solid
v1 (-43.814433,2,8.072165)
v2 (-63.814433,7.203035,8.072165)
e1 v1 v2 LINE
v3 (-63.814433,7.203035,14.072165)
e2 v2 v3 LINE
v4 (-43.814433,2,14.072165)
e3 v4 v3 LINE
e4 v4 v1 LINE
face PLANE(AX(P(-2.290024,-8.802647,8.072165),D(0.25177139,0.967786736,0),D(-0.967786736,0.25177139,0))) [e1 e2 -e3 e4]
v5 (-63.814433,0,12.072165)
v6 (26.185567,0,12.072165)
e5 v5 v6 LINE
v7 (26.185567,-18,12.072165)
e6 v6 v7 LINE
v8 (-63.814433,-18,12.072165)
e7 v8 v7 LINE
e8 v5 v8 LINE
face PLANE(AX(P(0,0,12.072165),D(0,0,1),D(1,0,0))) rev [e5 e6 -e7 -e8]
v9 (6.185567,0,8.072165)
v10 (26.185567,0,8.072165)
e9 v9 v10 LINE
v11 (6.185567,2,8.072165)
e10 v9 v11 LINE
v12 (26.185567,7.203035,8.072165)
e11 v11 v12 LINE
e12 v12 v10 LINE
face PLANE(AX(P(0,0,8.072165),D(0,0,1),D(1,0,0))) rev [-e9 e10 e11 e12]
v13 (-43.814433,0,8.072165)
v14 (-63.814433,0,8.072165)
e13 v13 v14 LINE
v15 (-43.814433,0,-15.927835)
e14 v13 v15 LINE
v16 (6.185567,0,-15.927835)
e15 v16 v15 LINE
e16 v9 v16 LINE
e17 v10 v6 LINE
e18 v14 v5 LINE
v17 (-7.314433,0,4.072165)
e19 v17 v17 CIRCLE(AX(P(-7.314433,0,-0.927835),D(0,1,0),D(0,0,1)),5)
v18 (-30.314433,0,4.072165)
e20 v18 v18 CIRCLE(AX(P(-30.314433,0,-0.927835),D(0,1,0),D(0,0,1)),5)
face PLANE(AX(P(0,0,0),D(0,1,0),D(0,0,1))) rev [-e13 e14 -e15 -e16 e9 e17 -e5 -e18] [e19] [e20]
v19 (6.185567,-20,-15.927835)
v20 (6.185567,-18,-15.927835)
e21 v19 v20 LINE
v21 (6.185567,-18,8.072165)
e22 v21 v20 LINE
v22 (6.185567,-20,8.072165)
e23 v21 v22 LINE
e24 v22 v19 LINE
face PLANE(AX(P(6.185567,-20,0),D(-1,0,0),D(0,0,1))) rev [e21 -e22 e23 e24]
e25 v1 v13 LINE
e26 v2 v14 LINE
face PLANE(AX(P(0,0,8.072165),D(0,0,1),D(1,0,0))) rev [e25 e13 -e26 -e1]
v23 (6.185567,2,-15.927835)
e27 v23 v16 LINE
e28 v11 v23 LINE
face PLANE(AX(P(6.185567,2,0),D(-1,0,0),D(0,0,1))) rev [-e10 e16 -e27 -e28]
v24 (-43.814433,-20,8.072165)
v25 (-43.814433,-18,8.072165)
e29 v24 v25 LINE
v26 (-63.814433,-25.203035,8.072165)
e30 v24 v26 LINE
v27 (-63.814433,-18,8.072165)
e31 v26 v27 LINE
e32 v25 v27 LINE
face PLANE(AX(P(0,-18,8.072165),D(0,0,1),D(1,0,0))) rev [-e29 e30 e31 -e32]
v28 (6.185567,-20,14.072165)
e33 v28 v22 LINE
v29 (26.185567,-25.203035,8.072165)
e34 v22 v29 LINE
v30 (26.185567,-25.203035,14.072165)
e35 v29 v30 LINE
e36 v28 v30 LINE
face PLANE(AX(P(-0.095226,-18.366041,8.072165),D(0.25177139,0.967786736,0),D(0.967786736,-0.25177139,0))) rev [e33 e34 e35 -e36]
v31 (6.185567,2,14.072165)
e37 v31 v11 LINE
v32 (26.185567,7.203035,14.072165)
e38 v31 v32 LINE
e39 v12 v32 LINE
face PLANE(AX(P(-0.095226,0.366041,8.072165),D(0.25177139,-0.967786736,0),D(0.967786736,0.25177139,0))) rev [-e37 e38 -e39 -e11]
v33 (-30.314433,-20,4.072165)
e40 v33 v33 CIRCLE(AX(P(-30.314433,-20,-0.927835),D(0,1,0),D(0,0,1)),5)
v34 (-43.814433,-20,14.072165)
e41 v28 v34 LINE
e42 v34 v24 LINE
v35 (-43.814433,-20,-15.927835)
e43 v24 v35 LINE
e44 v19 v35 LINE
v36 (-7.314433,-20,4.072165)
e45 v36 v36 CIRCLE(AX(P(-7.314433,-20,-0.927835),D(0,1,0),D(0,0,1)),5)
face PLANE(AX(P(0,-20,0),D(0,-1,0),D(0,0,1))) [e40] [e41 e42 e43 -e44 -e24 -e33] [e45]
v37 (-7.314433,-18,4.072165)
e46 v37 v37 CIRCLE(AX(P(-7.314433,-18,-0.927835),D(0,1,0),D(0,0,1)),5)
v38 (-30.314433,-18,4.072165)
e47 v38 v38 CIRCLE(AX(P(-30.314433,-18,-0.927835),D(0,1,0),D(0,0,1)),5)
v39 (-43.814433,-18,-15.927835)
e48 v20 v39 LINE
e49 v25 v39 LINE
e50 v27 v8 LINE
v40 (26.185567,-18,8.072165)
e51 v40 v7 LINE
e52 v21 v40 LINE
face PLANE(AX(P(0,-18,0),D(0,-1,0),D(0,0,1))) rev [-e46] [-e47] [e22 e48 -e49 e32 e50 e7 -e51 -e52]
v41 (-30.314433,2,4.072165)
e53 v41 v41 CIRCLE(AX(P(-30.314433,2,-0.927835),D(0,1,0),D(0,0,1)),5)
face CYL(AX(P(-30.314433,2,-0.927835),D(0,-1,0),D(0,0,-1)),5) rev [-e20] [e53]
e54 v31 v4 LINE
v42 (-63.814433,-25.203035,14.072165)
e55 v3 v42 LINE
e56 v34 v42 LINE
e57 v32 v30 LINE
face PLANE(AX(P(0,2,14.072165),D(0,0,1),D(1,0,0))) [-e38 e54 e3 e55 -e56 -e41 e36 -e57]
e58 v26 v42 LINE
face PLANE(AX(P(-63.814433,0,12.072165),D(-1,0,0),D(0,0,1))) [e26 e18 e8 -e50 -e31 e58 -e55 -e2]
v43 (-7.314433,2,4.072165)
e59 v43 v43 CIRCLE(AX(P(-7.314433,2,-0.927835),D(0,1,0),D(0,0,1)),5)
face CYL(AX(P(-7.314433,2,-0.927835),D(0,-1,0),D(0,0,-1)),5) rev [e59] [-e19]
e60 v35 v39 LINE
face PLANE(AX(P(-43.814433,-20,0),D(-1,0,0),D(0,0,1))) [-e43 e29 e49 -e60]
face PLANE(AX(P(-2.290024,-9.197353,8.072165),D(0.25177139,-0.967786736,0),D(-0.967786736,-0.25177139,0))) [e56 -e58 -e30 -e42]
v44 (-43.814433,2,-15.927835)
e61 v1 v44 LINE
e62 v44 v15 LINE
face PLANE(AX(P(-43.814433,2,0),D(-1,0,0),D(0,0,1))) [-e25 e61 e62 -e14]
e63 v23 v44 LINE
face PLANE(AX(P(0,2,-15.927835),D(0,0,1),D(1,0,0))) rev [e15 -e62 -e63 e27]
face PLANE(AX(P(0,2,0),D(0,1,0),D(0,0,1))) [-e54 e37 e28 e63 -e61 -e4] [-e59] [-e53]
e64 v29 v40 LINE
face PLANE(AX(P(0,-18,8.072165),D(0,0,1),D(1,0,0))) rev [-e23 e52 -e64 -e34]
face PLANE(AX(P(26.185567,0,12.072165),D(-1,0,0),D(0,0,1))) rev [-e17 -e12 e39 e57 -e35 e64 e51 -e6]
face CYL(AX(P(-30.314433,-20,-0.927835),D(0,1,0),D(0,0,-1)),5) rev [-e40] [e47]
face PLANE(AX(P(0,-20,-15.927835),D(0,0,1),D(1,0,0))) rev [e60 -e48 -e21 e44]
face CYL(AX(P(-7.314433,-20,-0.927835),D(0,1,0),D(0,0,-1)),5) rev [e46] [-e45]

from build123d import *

# Parameters (mm, degrees)
SKETCH1_W           = 50
SKETCH1_H           = 30
SKETCH1_R           = 5
BOSS_EXTRUDE2_DEPTH = 2
BOSS_EXTRUDE3_DEPTH = 2
BOSS_EXTRUDE4_DEPTH = 6


with BuildPart() as part:
    # Sketch1 → Boss-Extrude2 (new body)
    with BuildSketch(Plane(origin=(0, 0, 0), x_dir=(1, 0, 0), z_dir=(0, 1, 0))):
        with Locations((-18.81443299, 0.927835052)):
            Rectangle(SKETCH1_W, SKETCH1_H)
        with Locations((-7.31443299, 0.927835052)):
            Circle(SKETCH1_R, mode=Mode.SUBTRACT)
        with Locations((-30.31443299, 0.927835052)):
            Circle(SKETCH1_R, mode=Mode.SUBTRACT)
    extrude(amount=BOSS_EXTRUDE2_DEPTH)

    # Sketch2 → Boss-Extrude3 (add)
    with BuildSketch(Plane.XY.offset(14.072164948)):
        Polygon((6.18556701, 0), (-43.81443299, 0), (-63.81443299, 0), (-63.81443299, -9), (26.18556701, -9), (26.18556701, 0), align=None)
    extrude(amount=-BOSS_EXTRUDE3_DEPTH)

    # Sketch2<4> → Boss-Extrude4 (add)
    with BuildSketch(Plane.XY.offset(14.072164948)):
        Polygon((-63.81443299, 0), (-43.81443299, 0), (-43.81443299, 2), (-63.81443299, 7.203034525), align=None)
        Polygon((6.18556701, 2), (6.18556701, 0), (26.18556701, 0), (26.18556701, 7.203034525), align=None)
    extrude(amount=-BOSS_EXTRUDE4_DEPTH)

    # Mirror1: part across plane


with BuildPart() as part_1:
    add(part.part)
    add(part.part.mirror(Plane(origin=(0, -9, 12.072164948), x_dir=(0, 0, 1), z_dir=(0, -1, 0))))


solid = part_1.part
